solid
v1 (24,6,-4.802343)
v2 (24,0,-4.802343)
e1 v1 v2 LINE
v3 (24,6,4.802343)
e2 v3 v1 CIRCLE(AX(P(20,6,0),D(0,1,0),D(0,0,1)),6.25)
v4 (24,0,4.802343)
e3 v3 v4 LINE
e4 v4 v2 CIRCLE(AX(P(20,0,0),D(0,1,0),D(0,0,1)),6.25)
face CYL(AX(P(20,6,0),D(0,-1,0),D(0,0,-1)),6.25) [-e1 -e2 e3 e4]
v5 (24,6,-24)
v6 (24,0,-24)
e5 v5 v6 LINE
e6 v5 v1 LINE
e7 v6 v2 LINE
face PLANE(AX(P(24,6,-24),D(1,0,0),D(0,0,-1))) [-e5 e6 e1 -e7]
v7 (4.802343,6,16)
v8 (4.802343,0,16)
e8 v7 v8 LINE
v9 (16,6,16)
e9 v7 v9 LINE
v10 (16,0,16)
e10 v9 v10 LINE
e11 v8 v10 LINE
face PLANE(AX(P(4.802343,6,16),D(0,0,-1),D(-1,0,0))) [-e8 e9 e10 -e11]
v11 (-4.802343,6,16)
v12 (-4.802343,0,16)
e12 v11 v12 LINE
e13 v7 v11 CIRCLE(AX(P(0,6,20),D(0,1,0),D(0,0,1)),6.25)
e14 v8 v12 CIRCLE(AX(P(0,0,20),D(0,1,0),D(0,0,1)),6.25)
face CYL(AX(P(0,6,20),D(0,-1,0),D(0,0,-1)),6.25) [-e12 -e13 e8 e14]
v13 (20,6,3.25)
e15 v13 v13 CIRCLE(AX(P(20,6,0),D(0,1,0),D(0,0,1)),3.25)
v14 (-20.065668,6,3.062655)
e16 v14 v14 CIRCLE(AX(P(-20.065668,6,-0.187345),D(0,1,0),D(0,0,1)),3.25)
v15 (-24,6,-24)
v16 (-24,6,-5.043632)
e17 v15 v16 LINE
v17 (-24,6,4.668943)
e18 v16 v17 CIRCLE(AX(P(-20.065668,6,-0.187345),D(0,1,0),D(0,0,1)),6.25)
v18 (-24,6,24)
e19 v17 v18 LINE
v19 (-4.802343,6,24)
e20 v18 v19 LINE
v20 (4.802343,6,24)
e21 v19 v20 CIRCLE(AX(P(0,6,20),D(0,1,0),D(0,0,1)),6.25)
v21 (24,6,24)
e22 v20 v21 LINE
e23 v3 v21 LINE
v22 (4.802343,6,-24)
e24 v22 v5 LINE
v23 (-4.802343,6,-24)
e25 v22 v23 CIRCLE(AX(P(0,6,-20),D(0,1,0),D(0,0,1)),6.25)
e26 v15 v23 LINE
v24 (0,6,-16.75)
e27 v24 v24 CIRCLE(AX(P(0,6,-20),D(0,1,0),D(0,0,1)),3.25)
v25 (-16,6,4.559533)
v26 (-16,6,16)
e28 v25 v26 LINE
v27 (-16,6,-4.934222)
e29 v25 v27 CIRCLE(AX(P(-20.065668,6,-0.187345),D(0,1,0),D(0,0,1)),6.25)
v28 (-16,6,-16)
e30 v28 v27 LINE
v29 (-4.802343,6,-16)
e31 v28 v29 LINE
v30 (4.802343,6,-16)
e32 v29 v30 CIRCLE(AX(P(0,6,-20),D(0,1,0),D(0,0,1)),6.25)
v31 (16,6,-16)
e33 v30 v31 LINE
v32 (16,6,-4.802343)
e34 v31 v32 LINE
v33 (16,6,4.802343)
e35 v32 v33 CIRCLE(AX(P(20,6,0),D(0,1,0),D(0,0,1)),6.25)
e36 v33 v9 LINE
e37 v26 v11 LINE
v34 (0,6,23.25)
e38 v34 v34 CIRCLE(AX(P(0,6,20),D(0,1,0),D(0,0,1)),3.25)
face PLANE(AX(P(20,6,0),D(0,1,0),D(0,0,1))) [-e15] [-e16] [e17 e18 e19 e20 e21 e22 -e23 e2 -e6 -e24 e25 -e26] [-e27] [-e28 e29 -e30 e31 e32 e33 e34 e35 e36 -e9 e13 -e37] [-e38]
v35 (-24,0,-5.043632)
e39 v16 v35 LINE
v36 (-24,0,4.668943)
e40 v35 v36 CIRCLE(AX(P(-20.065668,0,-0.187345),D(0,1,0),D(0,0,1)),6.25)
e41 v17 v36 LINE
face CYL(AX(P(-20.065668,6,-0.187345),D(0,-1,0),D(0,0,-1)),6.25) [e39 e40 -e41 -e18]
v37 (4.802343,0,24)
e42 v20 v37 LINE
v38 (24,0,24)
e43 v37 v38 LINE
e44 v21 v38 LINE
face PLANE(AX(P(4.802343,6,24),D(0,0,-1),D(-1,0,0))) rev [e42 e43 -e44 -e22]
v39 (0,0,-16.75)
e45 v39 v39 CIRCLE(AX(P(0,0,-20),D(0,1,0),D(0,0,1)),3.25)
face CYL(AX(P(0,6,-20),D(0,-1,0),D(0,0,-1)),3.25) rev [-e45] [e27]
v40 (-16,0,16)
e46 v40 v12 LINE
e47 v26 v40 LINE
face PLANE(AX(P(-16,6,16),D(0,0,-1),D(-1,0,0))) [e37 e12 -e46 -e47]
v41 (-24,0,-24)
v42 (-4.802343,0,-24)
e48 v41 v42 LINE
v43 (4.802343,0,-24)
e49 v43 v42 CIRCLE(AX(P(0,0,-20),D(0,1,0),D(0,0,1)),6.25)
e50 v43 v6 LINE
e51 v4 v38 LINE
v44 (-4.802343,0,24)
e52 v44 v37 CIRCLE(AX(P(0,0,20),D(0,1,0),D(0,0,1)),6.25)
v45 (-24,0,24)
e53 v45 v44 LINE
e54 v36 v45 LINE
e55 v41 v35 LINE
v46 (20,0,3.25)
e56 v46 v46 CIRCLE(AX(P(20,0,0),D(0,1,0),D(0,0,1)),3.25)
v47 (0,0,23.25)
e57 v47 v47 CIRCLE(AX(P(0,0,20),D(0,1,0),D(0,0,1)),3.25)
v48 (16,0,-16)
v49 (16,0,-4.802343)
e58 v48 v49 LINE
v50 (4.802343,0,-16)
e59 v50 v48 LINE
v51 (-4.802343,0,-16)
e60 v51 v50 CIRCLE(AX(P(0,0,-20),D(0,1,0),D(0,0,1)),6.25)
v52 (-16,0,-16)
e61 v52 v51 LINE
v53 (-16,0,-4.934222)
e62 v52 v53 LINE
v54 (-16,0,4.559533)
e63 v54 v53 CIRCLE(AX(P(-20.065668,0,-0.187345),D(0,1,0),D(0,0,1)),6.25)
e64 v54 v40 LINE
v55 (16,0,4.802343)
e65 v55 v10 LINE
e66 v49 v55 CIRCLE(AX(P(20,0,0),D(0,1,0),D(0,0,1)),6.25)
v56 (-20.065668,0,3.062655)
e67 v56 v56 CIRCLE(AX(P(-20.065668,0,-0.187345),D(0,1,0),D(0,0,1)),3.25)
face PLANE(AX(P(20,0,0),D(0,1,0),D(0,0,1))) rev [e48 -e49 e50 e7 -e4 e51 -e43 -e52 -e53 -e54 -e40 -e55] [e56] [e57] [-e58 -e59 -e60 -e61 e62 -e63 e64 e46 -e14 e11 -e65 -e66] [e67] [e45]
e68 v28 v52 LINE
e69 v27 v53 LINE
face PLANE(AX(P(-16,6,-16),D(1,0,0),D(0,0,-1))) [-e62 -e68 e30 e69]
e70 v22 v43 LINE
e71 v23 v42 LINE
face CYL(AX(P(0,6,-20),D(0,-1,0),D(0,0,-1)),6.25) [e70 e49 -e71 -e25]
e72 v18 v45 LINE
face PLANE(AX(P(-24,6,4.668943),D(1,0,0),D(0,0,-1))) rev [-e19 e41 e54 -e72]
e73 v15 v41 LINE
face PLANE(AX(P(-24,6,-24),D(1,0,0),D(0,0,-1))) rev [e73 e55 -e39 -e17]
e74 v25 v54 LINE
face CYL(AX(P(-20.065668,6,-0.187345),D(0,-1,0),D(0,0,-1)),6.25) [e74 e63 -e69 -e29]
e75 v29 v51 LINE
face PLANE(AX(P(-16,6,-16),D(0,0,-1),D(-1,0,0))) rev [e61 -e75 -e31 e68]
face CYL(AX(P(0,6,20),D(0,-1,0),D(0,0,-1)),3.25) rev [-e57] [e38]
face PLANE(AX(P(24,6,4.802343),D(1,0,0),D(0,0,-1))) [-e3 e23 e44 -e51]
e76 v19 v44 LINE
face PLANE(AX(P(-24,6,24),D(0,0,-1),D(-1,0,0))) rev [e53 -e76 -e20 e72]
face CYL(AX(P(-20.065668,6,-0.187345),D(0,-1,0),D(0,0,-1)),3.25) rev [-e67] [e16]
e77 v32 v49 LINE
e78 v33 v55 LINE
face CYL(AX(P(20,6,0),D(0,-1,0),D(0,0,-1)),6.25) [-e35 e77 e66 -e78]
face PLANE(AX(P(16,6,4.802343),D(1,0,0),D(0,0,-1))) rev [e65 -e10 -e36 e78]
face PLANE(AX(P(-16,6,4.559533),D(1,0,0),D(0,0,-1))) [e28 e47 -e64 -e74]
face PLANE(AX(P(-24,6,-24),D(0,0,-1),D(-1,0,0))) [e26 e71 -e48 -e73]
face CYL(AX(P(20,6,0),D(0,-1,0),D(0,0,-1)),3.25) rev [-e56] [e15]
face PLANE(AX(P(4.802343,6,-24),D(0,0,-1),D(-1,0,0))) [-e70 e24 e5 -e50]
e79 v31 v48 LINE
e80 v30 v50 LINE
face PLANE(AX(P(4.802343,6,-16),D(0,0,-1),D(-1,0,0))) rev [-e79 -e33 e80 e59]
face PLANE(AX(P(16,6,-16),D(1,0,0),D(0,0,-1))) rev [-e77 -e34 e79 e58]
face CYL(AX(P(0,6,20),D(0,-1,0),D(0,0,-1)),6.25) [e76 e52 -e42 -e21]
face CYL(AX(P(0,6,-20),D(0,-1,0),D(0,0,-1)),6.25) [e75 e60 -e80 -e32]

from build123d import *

# Parameters (mm, degrees)
SKETCH1_R           = 3.25
BOSS_EXTRUDE1_DEPTH = 6


with BuildPart() as part:
    # Sketch1 → Boss-Extrude1 (new body)
    with BuildSketch(Plane(origin=(0, 0, 0), x_dir=(1, 0, 0), z_dir=(0, 1, 0))):
        with BuildLine():
            Line((-24, -4.668943148), (-24, -24))
            Line((-24, -24), (-4.802343178, -24))
            ThreePointArc((-4.802343178, -24), (0, -26.25), (4.802343178, -24))
            Line((4.802343178, -24), (24, -24))
            Line((24, -24), (24, -4.802343178))
            ThreePointArc((24, -4.802343178), (26.25, 0), (24, 4.802343178))
            Line((24, 4.802343178), (24, 24))
            Line((24, 24), (4.802343178, 24))
            ThreePointArc((4.802343178, 24), (0, 26.25), (-4.802343178, 24))
            Line((-4.802343178, 24), (-24, 24))
            Line((-24, 24), (-24, 5.04363247))
            ThreePointArc((-24, 5.04363247), (-26.315667945, 0.187344661), (-24, -4.668943148))
        make_face()
        with Locations(Location((-20.065667945, 0.187344661, 0), (0, 0, 270))):
            Circle(SKETCH1_R, mode=Mode.SUBTRACT)
        with Locations(Location((0, 20, 0), (0, 0, 270))):
            Circle(SKETCH1_R, mode=Mode.SUBTRACT)
        with Locations(Location((20, 0, 0), (0, 0, 270))):
            Circle(SKETCH1_R, mode=Mode.SUBTRACT)
        with Locations(Location((0, -20, 0), (0, 0, 270))):
            Circle(SKETCH1_R, mode=Mode.SUBTRACT)
        with BuildLine():
            Line((-16, 16), (-4.802343178, 16))
            ThreePointArc((-4.802343178, 16), (0, 13.75), (4.802343178, 16))
            Line((4.802343178, 16), (16, 16))
            Line((16, 16), (16, 4.802343178))
            ThreePointArc((16, 4.802343178), (13.75, 0), (16, -4.802343178))
            Line((16, -4.802343178), (16, -16))
            Line((16, -16), (4.802343178, -16))
            ThreePointArc((4.802343178, -16), (0, -13.75), (-4.802343178, -16))
            Line((-4.802343178, -16), (-16, -16))
            Line((-16, -16), (-16, -4.559532645))
            ThreePointArc((-16, -4.559532645), (-13.815667945, 0.187344661), (-16, 4.934221967))
            Line((-16, 4.934221967), (-16, 16))
        make_face(mode=Mode.SUBTRACT)
    extrude(amount=BOSS_EXTRUDE1_DEPTH)


solid = part.part
